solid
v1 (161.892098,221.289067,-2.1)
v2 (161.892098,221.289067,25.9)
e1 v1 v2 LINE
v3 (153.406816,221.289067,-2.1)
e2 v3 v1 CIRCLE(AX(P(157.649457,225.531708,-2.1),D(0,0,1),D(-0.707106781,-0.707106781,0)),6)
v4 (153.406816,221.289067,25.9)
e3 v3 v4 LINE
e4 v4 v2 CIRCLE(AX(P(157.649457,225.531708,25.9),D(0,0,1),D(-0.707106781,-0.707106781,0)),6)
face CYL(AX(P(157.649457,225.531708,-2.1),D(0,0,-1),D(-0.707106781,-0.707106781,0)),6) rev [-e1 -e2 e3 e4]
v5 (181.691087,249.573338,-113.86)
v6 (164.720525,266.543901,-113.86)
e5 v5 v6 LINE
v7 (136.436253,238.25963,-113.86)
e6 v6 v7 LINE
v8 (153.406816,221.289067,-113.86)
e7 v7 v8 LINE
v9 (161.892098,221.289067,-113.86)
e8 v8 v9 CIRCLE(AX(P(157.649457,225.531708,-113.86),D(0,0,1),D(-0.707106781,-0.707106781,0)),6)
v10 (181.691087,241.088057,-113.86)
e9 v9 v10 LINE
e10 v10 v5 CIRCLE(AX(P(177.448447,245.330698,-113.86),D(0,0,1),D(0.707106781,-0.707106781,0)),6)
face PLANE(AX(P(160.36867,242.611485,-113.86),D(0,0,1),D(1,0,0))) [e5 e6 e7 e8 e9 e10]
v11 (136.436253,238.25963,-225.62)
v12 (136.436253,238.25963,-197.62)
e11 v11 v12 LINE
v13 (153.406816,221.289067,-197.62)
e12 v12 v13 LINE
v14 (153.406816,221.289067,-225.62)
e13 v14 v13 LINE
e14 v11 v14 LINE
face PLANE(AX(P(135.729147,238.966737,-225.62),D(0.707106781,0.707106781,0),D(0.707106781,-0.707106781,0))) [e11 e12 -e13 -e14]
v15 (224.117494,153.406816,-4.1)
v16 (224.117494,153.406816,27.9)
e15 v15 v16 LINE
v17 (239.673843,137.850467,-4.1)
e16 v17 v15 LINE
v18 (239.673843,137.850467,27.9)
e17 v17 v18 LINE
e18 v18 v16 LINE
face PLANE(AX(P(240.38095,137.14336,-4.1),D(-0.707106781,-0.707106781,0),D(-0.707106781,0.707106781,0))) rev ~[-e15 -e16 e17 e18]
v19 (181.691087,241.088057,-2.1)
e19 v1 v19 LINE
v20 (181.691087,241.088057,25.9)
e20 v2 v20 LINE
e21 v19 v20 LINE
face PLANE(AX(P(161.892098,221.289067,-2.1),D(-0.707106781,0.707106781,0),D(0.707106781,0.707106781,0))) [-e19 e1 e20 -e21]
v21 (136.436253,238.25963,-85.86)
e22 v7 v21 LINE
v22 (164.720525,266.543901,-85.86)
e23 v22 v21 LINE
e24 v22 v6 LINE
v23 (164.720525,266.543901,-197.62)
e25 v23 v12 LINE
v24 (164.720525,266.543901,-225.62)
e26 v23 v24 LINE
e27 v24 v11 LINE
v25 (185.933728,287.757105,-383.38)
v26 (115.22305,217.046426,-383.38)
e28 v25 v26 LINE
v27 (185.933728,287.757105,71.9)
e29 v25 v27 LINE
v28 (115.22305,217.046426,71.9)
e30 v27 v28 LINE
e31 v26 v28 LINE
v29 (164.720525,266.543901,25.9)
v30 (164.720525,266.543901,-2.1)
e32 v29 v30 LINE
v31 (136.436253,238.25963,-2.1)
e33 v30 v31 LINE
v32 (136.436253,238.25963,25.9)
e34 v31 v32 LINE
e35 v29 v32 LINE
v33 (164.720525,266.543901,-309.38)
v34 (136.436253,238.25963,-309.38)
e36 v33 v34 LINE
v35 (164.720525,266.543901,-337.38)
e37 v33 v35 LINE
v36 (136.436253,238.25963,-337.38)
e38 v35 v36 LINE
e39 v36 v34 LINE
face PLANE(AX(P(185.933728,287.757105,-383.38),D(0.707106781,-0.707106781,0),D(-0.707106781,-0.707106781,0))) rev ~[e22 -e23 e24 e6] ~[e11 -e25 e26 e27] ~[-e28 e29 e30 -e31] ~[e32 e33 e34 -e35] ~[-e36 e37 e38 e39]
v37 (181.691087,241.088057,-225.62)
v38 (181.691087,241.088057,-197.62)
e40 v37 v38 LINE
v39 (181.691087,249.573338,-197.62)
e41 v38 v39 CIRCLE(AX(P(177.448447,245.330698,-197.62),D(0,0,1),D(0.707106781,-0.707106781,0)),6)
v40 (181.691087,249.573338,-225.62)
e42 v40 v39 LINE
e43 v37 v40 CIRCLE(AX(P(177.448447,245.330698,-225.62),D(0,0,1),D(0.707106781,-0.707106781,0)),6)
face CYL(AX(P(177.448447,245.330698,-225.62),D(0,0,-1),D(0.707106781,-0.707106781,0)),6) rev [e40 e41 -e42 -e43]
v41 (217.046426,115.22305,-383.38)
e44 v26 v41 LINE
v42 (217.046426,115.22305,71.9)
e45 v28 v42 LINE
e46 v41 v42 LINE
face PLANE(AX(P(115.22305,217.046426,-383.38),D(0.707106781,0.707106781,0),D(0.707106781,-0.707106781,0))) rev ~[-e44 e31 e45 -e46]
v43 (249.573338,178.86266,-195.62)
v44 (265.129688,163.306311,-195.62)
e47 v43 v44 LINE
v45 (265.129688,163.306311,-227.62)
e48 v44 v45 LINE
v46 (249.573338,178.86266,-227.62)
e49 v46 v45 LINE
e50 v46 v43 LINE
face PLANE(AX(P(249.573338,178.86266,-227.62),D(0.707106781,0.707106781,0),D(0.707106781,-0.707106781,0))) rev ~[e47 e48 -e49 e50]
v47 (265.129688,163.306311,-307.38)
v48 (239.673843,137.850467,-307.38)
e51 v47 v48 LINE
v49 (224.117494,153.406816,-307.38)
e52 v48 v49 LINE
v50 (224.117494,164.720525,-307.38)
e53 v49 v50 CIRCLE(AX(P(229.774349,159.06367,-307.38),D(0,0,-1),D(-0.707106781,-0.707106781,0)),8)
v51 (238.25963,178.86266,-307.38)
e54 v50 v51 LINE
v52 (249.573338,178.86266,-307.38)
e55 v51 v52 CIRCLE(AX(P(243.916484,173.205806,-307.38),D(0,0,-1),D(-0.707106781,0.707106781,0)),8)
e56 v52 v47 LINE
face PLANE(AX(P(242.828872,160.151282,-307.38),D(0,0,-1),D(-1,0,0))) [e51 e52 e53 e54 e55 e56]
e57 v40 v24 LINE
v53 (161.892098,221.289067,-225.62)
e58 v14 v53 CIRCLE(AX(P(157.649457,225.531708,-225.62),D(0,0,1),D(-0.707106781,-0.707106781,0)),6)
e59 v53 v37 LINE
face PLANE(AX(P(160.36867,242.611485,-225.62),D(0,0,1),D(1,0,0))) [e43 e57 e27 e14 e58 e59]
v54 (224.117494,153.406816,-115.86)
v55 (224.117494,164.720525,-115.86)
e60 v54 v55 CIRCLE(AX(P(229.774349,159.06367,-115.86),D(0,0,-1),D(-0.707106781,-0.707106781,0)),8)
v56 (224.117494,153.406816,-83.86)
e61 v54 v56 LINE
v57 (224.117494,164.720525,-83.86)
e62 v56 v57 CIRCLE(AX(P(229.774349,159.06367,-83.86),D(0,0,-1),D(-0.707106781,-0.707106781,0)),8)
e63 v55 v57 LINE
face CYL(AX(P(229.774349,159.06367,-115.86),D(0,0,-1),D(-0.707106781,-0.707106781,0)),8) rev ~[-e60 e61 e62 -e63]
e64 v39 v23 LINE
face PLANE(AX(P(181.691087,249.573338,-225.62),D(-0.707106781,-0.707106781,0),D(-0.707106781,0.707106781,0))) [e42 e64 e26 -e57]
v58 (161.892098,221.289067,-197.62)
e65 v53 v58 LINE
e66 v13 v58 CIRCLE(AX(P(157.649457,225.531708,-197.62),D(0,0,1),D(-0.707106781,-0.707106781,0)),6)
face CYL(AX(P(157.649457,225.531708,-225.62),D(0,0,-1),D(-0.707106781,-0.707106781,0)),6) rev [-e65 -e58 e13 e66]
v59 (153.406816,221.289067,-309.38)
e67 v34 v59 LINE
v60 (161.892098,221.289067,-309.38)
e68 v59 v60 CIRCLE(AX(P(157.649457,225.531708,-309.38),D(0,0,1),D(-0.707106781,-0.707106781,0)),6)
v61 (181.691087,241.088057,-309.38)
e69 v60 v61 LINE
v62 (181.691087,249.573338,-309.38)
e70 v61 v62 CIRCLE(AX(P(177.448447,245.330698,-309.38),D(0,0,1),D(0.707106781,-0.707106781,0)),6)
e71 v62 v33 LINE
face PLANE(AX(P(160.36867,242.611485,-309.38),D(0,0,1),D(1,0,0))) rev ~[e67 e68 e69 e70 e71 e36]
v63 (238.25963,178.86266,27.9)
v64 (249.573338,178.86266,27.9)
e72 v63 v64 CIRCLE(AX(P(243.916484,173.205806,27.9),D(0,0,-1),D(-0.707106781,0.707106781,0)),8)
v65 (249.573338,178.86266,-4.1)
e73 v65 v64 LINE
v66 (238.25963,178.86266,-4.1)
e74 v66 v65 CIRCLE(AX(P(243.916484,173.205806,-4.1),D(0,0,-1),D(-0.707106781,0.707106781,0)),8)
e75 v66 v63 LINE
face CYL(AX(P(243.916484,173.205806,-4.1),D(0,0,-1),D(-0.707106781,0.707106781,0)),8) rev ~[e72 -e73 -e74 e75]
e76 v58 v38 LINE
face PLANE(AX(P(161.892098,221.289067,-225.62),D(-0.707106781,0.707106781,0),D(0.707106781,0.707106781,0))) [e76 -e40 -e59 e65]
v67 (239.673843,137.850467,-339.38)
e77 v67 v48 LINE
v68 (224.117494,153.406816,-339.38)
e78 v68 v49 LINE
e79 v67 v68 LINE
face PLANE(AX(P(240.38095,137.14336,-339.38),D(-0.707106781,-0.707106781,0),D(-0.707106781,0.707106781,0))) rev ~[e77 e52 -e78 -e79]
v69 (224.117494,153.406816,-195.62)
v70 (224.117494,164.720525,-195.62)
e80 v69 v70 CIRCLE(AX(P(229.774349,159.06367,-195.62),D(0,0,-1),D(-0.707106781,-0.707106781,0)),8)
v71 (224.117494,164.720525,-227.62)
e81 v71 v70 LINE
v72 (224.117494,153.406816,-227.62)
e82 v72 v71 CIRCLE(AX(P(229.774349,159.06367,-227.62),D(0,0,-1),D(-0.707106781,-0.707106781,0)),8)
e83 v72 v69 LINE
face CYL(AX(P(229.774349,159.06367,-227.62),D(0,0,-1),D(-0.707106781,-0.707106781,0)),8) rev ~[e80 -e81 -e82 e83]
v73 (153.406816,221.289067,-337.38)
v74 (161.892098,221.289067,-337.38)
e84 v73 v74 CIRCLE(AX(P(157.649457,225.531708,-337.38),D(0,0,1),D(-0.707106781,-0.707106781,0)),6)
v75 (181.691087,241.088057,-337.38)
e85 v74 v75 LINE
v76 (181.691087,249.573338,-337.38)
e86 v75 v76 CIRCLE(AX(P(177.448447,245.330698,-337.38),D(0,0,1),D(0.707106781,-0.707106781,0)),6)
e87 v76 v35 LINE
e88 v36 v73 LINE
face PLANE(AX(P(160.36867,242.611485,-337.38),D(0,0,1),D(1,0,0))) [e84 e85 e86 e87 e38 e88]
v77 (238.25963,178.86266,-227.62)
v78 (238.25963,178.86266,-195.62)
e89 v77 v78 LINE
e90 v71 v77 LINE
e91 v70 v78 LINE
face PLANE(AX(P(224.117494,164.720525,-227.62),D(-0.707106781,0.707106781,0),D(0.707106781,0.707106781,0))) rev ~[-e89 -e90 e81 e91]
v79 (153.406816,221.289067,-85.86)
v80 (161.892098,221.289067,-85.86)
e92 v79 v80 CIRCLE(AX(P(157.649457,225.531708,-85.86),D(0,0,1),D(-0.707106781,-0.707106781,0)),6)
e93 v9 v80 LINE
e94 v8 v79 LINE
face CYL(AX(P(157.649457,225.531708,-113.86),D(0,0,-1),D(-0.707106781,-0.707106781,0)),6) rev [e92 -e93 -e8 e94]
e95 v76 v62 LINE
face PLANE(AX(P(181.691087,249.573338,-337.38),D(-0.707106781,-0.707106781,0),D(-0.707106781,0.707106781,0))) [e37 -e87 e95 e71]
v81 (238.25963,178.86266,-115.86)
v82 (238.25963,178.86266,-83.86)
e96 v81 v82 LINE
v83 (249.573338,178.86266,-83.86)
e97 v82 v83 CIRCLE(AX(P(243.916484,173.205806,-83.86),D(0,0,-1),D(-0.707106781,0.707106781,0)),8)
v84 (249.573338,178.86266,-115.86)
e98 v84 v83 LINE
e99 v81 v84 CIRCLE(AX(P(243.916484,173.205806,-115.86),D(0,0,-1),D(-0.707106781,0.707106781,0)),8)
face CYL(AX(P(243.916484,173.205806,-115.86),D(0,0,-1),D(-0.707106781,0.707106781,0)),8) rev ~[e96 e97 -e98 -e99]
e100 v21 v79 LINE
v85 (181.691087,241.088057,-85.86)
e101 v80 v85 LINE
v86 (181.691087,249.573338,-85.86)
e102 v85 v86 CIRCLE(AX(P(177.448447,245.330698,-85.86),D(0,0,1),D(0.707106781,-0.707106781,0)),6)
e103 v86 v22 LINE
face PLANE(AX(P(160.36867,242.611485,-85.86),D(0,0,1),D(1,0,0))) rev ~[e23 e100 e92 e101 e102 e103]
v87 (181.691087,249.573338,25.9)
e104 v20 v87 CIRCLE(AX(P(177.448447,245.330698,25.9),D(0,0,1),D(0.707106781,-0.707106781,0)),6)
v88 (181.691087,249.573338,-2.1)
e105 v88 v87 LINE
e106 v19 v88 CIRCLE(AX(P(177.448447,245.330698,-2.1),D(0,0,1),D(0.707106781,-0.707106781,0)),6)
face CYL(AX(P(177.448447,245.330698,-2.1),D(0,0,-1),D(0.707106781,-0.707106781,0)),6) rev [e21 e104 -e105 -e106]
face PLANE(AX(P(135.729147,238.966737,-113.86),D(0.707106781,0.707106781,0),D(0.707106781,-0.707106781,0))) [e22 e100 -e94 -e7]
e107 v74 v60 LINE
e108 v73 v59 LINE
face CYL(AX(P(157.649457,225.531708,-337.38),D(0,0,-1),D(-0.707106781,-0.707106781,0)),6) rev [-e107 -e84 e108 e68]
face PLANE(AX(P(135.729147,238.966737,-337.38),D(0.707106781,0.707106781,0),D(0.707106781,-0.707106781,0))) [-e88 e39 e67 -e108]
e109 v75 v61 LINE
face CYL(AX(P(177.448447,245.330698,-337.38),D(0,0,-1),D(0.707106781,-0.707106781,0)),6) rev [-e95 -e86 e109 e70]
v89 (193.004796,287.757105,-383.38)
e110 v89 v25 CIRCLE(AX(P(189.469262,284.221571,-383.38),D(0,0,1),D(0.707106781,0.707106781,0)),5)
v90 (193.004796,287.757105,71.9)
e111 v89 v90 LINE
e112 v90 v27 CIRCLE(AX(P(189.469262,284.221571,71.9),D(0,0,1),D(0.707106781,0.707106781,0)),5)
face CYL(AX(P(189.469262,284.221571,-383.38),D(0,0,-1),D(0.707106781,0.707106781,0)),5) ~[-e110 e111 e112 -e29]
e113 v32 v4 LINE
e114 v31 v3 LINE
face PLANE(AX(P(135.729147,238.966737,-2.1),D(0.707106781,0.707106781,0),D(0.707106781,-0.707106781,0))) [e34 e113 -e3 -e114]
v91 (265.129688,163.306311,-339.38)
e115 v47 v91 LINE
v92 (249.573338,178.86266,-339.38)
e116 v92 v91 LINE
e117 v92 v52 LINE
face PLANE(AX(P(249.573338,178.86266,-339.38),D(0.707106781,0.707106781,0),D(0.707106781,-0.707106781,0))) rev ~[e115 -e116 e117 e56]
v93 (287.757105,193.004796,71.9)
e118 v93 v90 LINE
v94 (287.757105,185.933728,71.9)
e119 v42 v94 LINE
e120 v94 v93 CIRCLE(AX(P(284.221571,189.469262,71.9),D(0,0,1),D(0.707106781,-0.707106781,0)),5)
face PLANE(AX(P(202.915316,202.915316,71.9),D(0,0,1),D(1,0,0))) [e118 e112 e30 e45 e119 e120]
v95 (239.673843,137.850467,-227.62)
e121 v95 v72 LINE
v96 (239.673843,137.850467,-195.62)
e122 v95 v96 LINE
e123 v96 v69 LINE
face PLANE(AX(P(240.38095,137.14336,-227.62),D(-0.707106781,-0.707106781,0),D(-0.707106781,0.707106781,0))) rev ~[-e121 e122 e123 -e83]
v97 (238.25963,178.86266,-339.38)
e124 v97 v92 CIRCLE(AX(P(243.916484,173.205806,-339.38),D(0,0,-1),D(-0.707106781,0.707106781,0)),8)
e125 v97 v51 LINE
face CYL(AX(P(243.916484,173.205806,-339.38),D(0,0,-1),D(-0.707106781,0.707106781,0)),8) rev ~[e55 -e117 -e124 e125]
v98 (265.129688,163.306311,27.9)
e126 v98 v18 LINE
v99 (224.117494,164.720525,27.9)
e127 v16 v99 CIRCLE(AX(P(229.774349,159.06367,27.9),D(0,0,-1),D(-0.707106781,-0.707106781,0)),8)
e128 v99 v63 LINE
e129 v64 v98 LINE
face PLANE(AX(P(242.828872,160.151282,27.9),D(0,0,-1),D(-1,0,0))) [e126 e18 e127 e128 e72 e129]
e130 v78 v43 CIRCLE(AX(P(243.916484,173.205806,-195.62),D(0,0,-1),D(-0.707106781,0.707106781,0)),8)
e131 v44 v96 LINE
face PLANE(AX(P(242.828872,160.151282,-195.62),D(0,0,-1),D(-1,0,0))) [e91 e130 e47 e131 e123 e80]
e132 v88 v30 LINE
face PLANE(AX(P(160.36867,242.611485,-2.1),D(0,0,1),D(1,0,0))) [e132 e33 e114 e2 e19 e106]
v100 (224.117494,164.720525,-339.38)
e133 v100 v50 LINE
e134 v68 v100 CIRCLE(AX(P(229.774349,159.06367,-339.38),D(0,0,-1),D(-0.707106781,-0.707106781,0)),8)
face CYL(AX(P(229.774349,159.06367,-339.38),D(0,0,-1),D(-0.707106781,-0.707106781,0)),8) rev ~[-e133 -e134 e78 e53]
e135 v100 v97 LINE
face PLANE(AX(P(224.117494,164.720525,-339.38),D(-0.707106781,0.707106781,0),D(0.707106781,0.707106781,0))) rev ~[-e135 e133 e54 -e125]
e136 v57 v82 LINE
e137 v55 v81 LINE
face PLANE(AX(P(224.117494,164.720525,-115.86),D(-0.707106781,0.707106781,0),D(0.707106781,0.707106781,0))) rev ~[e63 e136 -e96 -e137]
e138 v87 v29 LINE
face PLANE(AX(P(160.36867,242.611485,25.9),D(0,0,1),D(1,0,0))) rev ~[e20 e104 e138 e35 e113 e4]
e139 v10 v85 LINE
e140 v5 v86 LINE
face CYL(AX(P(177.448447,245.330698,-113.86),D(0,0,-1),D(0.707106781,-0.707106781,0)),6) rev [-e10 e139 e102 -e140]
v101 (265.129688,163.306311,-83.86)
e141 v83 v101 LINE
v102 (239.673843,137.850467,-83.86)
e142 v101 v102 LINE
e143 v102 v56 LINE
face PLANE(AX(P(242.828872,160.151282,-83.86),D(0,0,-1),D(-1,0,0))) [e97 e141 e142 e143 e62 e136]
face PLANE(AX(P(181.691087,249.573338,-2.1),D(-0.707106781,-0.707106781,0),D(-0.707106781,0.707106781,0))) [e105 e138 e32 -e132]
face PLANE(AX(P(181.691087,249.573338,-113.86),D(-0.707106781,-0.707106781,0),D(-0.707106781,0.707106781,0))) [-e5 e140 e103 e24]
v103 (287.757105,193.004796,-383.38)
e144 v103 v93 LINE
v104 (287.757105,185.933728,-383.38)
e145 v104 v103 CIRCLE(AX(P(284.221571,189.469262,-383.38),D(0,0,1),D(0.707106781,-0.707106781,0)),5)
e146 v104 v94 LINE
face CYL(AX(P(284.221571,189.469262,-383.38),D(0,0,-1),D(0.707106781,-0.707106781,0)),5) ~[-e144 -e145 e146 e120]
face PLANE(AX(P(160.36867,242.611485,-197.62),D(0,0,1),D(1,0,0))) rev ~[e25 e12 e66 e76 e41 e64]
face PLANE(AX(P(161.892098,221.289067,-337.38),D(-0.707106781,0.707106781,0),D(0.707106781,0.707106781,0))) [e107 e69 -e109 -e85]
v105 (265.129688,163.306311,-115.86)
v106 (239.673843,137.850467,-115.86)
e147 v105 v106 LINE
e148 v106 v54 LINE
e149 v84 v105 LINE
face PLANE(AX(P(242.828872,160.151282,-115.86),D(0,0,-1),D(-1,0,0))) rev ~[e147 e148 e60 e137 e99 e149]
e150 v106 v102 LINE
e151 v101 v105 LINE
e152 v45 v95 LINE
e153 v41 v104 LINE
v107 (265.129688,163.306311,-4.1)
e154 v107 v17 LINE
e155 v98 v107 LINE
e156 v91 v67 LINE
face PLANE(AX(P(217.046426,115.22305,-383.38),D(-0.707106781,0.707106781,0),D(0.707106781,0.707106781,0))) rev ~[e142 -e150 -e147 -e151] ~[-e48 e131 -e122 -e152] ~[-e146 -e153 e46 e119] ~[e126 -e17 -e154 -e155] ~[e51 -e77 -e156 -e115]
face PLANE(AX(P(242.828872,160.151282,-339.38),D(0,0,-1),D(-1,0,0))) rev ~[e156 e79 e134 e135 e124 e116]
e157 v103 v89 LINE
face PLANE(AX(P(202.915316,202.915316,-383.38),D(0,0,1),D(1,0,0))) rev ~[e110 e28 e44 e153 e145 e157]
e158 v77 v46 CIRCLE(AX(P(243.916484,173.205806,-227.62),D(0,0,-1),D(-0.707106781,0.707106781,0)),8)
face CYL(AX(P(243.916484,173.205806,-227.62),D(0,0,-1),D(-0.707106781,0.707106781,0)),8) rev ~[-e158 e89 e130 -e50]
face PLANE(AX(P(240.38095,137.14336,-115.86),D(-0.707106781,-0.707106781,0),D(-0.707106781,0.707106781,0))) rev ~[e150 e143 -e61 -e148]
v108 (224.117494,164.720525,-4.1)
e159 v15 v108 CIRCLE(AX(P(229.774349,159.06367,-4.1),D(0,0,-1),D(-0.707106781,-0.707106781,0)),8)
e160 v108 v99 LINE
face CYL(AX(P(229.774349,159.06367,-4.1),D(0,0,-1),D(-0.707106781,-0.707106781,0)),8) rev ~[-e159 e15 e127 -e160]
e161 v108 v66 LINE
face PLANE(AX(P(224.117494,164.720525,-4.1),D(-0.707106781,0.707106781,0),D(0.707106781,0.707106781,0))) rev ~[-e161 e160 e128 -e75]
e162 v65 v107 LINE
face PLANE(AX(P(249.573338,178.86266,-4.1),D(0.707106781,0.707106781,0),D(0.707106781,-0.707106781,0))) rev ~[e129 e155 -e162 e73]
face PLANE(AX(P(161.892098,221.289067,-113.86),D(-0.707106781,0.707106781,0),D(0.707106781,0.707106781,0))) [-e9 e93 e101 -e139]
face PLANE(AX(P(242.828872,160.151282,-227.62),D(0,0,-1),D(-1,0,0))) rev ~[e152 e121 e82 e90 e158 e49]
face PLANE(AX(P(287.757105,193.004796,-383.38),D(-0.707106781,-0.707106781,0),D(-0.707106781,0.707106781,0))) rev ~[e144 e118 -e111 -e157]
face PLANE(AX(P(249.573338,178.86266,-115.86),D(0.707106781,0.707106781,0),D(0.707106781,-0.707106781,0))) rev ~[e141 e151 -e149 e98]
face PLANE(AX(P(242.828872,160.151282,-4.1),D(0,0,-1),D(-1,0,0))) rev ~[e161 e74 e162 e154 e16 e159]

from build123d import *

# Parameters (mm, degrees)
HEAD_START           = -383.38
HEAD_CASTING_DEPTH   = 455.28
INTAKE_START         = -2.1
INTAKE_PORT_1_DEPTH  = 28
EXHAUST_START        = -4.1
EXHAUST_PORT_1_DEPTH = 32
INTAKE_START_2       = -113.86
INTAKE_PORT_3_DEPTH  = 28
EXHAUST_START_2      = -115.86
EXHAUST_PORT_3_DEPTH = 32
INTAKE_START_3       = -225.62
INTAKE_PORT_5_DEPTH  = 28
EXHAUST_START_3      = -227.62
EXHAUST_PORT_5_DEPTH = 32
INTAKE_START_4       = -337.38
INTAKE_PORT_7_DEPTH  = 28
EXHAUST_START_4      = -339.38
EXHAUST_PORT_7_DEPTH = 32


with BuildPart() as part:
    # Sketch1 → Head Casting (new body)
    with BuildSketch(Plane.XY.offset(HEAD_START)):
        with BuildLine():
            Line((115.223049994, 217.046426485), (217.046426485, 115.223049994))
            Line((217.046426485, 115.223049994), (287.757104604, 185.933728113))
            ThreePointArc((287.757104604, 185.933728113), (289.221570698, 189.469262019), (287.757104604, 193.004795925))
            Line((287.757104604, 193.004795925), (193.004795925, 287.757104604))
            ThreePointArc((193.004795925, 287.757104604), (189.469262019, 289.221570698), (185.933728113, 287.757104604))
            Line((185.933728113, 287.757104604), (115.223049994, 217.046426485))
        make_face()
    extrude(amount=HEAD_CASTING_DEPTH)

    # Sketch2 → Intake Port 1 (cut)
    with BuildSketch(Plane.XY.offset(INTAKE_START)):
        with BuildLine():
            Line((135.729146649, 238.966736702), (153.406816178, 221.289067172))
            ThreePointArc((153.406816178, 221.289067172), (157.649456866, 219.531707859), (161.892097553, 221.289067172))
            Line((161.892097553, 221.289067172), (181.691087426, 241.088057046))
            ThreePointArc((181.691087426, 241.088057046), (183.448446739, 245.330697733), (181.691087426, 249.57333842))
            Line((181.691087426, 249.57333842), (164.013417896, 267.251007949))
            Line((164.013417896, 267.251007949), (135.729146649, 238.966736702))
        make_face()
    extrude(amount=INTAKE_PORT_1_DEPTH, mode=Mode.SUBTRACT)

    # Sketch3 → Exhaust Port 1 (cut)
    with BuildSketch(Plane.XY.offset(EXHAUST_START)):
        with BuildLine():
            Line((240.380950264, 137.143360211), (224.117494297, 153.406816178))
            ThreePointArc((224.117494297, 153.406816178), (221.774348547, 159.063670428), (224.117494297, 164.720524677))
            Line((224.117494297, 164.720524677), (238.259629921, 178.862660301))
            ThreePointArc((238.259629921, 178.862660301), (243.91648417, 181.205806052), (249.57333842, 178.862660301))
            Line((249.57333842, 178.862660301), (265.836794387, 162.599204334))
            Line((265.836794387, 162.599204334), (240.380950264, 137.143360211))
        make_face()
    extrude(amount=EXHAUST_PORT_1_DEPTH, mode=Mode.SUBTRACT)

    # Sketch4 → Intake Port 3 (cut)
    with BuildSketch(Plane.XY.offset(INTAKE_START_2)):
        with BuildLine():
            Line((135.729146649, 238.966736702), (153.406816178, 221.289067172))
            ThreePointArc((153.406816178, 221.289067172), (157.649456866, 219.531707859), (161.892097553, 221.289067172))
            Line((161.892097553, 221.289067172), (181.691087426, 241.088057046))
            ThreePointArc((181.691087426, 241.088057046), (183.448446739, 245.330697733), (181.691087426, 249.57333842))
            Line((181.691087426, 249.57333842), (164.013417896, 267.251007949))
            Line((164.013417896, 267.251007949), (135.729146649, 238.966736702))
        make_face()
    extrude(amount=INTAKE_PORT_3_DEPTH, mode=Mode.SUBTRACT)

    # Sketch5 → Exhaust Port 3 (cut)
    with BuildSketch(Plane.XY.offset(EXHAUST_START_2)):
        with BuildLine():
            Line((240.380950264, 137.143360211), (224.117494297, 153.406816178))
            ThreePointArc((224.117494297, 153.406816178), (221.774348547, 159.063670428), (224.117494297, 164.720524677))
            Line((224.117494297, 164.720524677), (238.259629921, 178.862660301))
            ThreePointArc((238.259629921, 178.862660301), (243.91648417, 181.205806052), (249.57333842, 178.862660301))
            Line((249.57333842, 178.862660301), (265.836794387, 162.599204334))
            Line((265.836794387, 162.599204334), (240.380950264, 137.143360211))
        make_face()
    extrude(amount=EXHAUST_PORT_3_DEPTH, mode=Mode.SUBTRACT)

    # Sketch6 → Intake Port 5 (cut)
    with BuildSketch(Plane.XY.offset(INTAKE_START_3)):
        with BuildLine():
            Line((135.729146649, 238.966736702), (153.406816178, 221.289067172))
            ThreePointArc((153.406816178, 221.289067172), (157.649456866, 219.531707859), (161.892097553, 221.289067172))
            Line((161.892097553, 221.289067172), (181.691087426, 241.088057046))
            ThreePointArc((181.691087426, 241.088057046), (183.448446739, 245.330697733), (181.691087426, 249.57333842))
            Line((181.691087426, 249.57333842), (164.013417896, 267.251007949))
            Line((164.013417896, 267.251007949), (135.729146649, 238.966736702))
        make_face()
    extrude(amount=INTAKE_PORT_5_DEPTH, mode=Mode.SUBTRACT)

    # Sketch7 → Exhaust Port 5 (cut)
    with BuildSketch(Plane.XY.offset(EXHAUST_START_3)):
        with BuildLine():
            Line((240.380950264, 137.143360211), (224.117494297, 153.406816178))
            ThreePointArc((224.117494297, 153.406816178), (221.774348547, 159.063670428), (224.117494297, 164.720524677))
            Line((224.117494297, 164.720524677), (238.259629921, 178.862660301))
            ThreePointArc((238.259629921, 178.862660301), (243.91648417, 181.205806052), (249.57333842, 178.862660301))
            Line((249.57333842, 178.862660301), (265.836794387, 162.599204334))
            Line((265.836794387, 162.599204334), (240.380950264, 137.143360211))
        make_face()
    extrude(amount=EXHAUST_PORT_5_DEPTH, mode=Mode.SUBTRACT)

    # Sketch8 → Intake Port 7 (cut)
    with BuildSketch(Plane.XY.offset(INTAKE_START_4)):
        with BuildLine():
            Line((135.729146649, 238.966736702), (153.406816178, 221.289067172))
            ThreePointArc((153.406816178, 221.289067172), (157.649456866, 219.531707859), (161.892097553, 221.289067172))
            Line((161.892097553, 221.289067172), (181.691087426, 241.088057046))
            ThreePointArc((181.691087426, 241.088057046), (183.448446739, 245.330697733), (181.691087426, 249.57333842))
            Line((181.691087426, 249.57333842), (164.013417896, 267.251007949))
            Line((164.013417896, 267.251007949), (135.729146649, 238.966736702))
        make_face()
    extrude(amount=INTAKE_PORT_7_DEPTH, mode=Mode.SUBTRACT)

    # Sketch9 → Exhaust Port 7 (cut)
    with BuildSketch(Plane.XY.offset(EXHAUST_START_4)):
        with BuildLine():
            Line((240.380950264, 137.143360211), (224.117494297, 153.406816178))
            ThreePointArc((224.117494297, 153.406816178), (221.774348547, 159.063670428), (224.117494297, 164.720524677))
            Line((224.117494297, 164.720524677), (238.259629921, 178.862660301))
            ThreePointArc((238.259629921, 178.862660301), (243.91648417, 181.205806052), (249.57333842, 178.862660301))
            Line((249.57333842, 178.862660301), (265.836794387, 162.599204334))
            Line((265.836794387, 162.599204334), (240.380950264, 137.143360211))
        make_face()
    extrude(amount=EXHAUST_PORT_7_DEPTH, mode=Mode.SUBTRACT)


solid = part.part
